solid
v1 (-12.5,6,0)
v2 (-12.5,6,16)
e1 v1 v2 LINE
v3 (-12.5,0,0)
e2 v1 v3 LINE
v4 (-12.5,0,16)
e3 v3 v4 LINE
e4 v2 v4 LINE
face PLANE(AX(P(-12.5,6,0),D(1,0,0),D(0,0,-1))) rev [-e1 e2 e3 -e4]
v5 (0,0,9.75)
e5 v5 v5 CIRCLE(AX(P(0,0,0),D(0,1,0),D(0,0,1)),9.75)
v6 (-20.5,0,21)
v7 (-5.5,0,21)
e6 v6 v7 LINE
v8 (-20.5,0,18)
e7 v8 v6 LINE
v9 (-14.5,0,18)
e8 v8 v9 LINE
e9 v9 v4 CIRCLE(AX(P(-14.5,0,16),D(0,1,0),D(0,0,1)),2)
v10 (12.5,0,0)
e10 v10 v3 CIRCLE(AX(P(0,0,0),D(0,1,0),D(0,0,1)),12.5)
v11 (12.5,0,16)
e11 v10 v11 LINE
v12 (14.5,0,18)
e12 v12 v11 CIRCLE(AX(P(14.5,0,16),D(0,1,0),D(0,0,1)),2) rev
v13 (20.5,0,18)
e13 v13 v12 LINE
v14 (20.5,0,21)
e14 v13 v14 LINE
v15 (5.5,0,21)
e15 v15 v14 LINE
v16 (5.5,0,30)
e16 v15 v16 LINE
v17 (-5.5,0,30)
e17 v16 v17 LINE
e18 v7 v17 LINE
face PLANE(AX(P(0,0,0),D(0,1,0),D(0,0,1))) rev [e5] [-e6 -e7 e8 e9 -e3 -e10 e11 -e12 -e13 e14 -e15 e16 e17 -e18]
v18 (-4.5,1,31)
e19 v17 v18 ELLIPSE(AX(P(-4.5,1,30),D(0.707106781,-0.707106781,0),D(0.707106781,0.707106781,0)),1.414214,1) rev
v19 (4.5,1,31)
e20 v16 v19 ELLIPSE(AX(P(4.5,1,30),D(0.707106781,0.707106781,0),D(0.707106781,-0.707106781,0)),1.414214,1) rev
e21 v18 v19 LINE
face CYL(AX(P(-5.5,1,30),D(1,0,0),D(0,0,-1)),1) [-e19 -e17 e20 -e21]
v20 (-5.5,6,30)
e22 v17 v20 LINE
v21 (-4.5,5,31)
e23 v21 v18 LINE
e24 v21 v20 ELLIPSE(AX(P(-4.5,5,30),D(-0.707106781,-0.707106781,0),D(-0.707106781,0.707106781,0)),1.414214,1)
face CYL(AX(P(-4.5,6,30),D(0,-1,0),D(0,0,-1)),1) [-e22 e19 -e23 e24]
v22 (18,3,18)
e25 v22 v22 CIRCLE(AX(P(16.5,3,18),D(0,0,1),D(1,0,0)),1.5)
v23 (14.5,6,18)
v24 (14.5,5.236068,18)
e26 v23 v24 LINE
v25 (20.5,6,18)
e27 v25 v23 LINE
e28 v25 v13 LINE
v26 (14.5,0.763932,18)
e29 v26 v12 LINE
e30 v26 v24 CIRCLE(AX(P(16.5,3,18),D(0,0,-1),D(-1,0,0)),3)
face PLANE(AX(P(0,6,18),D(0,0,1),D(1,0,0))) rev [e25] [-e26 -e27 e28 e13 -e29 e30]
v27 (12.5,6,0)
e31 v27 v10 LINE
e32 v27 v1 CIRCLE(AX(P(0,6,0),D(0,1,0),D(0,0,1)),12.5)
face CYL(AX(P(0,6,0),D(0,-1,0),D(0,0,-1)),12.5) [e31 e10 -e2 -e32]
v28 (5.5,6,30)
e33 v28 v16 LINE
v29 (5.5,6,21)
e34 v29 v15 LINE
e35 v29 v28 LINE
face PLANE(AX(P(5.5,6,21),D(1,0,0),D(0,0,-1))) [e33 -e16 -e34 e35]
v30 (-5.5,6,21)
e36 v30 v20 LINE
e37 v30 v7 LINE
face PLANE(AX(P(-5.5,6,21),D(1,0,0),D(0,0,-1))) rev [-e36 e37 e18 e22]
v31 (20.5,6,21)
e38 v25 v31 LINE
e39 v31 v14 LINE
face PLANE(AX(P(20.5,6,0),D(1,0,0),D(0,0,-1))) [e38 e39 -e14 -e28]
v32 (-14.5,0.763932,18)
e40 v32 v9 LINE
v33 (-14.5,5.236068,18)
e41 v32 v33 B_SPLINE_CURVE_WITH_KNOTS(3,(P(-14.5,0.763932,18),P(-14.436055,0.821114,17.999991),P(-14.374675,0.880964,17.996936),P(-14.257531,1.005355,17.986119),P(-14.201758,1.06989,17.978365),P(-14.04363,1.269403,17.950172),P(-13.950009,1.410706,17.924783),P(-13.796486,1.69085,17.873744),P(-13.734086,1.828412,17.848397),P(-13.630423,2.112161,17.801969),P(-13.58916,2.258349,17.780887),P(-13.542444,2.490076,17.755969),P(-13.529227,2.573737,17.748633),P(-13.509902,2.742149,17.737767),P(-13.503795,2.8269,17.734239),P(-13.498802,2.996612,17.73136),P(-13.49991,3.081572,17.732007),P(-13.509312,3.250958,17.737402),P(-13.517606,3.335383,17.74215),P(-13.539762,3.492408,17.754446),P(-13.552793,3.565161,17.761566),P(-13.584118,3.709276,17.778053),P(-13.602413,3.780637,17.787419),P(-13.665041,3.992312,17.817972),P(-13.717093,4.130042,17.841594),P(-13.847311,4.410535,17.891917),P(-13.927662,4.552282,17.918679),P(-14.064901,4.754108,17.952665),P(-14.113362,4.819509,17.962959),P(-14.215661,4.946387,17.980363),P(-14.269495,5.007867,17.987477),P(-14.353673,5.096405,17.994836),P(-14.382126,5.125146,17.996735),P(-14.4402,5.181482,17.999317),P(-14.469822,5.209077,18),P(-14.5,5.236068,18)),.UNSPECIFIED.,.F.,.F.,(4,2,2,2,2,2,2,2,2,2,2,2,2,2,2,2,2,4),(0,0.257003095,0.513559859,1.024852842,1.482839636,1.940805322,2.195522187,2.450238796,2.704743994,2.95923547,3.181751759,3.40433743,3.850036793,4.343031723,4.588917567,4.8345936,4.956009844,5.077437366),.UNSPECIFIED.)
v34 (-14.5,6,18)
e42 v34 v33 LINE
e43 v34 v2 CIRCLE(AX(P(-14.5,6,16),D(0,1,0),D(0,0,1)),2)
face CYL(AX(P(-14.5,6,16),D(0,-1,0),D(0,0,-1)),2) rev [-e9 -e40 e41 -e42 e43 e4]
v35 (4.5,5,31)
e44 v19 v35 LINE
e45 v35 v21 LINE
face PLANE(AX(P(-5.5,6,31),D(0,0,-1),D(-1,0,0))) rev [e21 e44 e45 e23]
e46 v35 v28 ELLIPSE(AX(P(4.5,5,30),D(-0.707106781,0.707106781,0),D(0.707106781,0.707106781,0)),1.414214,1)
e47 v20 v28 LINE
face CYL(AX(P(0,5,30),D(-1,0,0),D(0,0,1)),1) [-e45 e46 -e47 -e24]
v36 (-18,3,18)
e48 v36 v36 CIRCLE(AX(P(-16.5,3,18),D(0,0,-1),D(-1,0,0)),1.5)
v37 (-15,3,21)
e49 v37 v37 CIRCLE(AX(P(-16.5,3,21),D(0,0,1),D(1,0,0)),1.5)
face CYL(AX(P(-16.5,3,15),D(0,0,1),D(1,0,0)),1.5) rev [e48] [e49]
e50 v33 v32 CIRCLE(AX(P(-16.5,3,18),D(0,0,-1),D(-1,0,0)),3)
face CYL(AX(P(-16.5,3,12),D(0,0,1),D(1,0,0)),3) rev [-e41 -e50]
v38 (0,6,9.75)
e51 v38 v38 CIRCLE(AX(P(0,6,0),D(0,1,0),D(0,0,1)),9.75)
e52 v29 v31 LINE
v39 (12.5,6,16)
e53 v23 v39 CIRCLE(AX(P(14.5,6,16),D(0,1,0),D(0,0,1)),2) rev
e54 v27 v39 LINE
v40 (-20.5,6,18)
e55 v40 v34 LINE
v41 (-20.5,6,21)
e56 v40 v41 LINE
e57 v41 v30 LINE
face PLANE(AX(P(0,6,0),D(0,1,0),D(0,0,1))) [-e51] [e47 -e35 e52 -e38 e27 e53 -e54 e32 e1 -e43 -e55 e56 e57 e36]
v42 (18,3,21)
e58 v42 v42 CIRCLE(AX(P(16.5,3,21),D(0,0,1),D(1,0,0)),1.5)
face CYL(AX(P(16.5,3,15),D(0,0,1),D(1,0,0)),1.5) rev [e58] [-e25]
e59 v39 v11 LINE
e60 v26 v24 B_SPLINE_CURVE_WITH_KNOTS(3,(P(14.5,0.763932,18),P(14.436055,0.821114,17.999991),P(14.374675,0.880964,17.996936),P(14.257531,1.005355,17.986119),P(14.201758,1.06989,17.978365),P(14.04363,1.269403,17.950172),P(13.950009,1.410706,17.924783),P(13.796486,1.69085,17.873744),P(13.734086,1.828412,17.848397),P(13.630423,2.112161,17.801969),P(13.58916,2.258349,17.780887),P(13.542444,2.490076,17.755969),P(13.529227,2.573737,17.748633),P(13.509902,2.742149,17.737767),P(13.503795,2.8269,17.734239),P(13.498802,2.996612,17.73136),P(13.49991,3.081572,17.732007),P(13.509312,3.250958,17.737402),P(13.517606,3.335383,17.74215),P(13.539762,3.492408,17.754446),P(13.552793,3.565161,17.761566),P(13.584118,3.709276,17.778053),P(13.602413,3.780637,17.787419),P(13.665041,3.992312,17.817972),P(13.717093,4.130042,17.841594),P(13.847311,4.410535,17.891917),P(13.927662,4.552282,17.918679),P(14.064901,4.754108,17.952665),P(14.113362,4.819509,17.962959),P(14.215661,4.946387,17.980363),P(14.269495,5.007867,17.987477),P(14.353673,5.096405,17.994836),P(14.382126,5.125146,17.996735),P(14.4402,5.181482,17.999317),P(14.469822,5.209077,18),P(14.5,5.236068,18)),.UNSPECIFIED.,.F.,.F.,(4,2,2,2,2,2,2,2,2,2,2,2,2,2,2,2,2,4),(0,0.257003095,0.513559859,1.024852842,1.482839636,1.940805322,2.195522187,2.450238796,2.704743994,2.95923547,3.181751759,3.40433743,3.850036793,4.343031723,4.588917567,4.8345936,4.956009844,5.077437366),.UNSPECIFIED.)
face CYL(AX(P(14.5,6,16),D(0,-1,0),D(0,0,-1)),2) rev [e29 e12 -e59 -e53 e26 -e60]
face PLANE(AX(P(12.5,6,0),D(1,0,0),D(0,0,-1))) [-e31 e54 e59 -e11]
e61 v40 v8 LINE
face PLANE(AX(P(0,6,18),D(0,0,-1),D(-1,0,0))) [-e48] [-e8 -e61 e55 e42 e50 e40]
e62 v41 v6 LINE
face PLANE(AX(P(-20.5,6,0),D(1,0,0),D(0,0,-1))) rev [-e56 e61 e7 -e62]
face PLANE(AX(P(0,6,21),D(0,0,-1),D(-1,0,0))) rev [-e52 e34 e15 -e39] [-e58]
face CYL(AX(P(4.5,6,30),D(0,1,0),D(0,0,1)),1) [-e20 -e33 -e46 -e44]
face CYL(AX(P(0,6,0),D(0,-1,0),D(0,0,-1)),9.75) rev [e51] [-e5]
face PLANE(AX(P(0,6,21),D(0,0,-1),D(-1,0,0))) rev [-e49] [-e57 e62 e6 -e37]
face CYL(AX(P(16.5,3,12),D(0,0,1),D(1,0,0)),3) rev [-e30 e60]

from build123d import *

# Parameters (mm, degrees)
CROQUIS1_R              = 9.75
SALIENTE_EXTRUIR1_DEPTH = 6
CROQUIS2_R              = 1.5
CORTAR_EXTRUIR1_DEPTH   = 6
CROQUIS3_R              = 3
CORTAR_EXTRUIR2_DEPTH   = 6
REDONDEO1_R             = 1


with BuildPart() as part:
    # Croquis1 → Saliente-Extruir1 (new body)
    with BuildSketch(Plane(origin=(0, 0, 0), x_dir=(1, 0, 0), z_dir=(0, 1, 0))):
        with BuildLine():
            ThreePointArc((12.5, 0), (0, 12.5), (-12.5, 0))
            Line((-12.5, 0), (-12.5, -16))
            ThreePointArc((-12.5, -16), (-13.085786438, -17.414213562), (-14.5, -18))
            Line((-14.5, -18), (-20.5, -18))
            Line((-20.5, -18), (-20.5, -21))
            Line((-20.5, -21), (-5.5, -21))
            Line((-5.5, -21), (-5.5, -31))
            Line((-5.5, -31), (5.5, -31))
            Line((5.5, -31), (5.5, -21))
            Line((5.5, -21), (20.5, -21))
            Line((20.5, -21), (20.5, -18))
            Line((20.5, -18), (14.5, -18))
            ThreePointArc((14.5, -18), (13.085786438, -17.414213562), (12.5, -16))
            Line((12.5, -16), (12.5, 0))
        make_face()
        Circle(CROQUIS1_R, mode=Mode.SUBTRACT)
    extrude(amount=SALIENTE_EXTRUIR1_DEPTH)

    # Croquis2 → Cortar-Extruir1 (cut)
    with BuildSketch(Plane.XY.offset(21)):
        with Locations((-16.5, 3)):
            Circle(CROQUIS2_R)
        with Locations((16.5, 3)):
            Circle(CROQUIS2_R)
    extrude(amount=-CORTAR_EXTRUIR1_DEPTH, mode=Mode.SUBTRACT)

    # Croquis3 → Cortar-Extruir2 (cut)
    with BuildSketch(Plane(origin=(0, 0, 18), x_dir=(-1, 0, 0), z_dir=(0, 0, -1))):
        with Locations((-16.5, 3)):
            Circle(CROQUIS3_R)
        with Locations((16.5, 3)):
            Circle(CROQUIS3_R)
    extrude(amount=CORTAR_EXTRUIR2_DEPTH, mode=Mode.SUBTRACT)

    # Redondeo1
    redondeo1_edges = [part.edges().sort_by_distance(p)[0] for p in [
        (5.5, 3, 31),
        (-5.5, 3, 31),
        (0, 6, 31),
        (0, 0, 31),
    ]]
    fillet(redondeo1_edges, radius=REDONDEO1_R)


solid = part.part
